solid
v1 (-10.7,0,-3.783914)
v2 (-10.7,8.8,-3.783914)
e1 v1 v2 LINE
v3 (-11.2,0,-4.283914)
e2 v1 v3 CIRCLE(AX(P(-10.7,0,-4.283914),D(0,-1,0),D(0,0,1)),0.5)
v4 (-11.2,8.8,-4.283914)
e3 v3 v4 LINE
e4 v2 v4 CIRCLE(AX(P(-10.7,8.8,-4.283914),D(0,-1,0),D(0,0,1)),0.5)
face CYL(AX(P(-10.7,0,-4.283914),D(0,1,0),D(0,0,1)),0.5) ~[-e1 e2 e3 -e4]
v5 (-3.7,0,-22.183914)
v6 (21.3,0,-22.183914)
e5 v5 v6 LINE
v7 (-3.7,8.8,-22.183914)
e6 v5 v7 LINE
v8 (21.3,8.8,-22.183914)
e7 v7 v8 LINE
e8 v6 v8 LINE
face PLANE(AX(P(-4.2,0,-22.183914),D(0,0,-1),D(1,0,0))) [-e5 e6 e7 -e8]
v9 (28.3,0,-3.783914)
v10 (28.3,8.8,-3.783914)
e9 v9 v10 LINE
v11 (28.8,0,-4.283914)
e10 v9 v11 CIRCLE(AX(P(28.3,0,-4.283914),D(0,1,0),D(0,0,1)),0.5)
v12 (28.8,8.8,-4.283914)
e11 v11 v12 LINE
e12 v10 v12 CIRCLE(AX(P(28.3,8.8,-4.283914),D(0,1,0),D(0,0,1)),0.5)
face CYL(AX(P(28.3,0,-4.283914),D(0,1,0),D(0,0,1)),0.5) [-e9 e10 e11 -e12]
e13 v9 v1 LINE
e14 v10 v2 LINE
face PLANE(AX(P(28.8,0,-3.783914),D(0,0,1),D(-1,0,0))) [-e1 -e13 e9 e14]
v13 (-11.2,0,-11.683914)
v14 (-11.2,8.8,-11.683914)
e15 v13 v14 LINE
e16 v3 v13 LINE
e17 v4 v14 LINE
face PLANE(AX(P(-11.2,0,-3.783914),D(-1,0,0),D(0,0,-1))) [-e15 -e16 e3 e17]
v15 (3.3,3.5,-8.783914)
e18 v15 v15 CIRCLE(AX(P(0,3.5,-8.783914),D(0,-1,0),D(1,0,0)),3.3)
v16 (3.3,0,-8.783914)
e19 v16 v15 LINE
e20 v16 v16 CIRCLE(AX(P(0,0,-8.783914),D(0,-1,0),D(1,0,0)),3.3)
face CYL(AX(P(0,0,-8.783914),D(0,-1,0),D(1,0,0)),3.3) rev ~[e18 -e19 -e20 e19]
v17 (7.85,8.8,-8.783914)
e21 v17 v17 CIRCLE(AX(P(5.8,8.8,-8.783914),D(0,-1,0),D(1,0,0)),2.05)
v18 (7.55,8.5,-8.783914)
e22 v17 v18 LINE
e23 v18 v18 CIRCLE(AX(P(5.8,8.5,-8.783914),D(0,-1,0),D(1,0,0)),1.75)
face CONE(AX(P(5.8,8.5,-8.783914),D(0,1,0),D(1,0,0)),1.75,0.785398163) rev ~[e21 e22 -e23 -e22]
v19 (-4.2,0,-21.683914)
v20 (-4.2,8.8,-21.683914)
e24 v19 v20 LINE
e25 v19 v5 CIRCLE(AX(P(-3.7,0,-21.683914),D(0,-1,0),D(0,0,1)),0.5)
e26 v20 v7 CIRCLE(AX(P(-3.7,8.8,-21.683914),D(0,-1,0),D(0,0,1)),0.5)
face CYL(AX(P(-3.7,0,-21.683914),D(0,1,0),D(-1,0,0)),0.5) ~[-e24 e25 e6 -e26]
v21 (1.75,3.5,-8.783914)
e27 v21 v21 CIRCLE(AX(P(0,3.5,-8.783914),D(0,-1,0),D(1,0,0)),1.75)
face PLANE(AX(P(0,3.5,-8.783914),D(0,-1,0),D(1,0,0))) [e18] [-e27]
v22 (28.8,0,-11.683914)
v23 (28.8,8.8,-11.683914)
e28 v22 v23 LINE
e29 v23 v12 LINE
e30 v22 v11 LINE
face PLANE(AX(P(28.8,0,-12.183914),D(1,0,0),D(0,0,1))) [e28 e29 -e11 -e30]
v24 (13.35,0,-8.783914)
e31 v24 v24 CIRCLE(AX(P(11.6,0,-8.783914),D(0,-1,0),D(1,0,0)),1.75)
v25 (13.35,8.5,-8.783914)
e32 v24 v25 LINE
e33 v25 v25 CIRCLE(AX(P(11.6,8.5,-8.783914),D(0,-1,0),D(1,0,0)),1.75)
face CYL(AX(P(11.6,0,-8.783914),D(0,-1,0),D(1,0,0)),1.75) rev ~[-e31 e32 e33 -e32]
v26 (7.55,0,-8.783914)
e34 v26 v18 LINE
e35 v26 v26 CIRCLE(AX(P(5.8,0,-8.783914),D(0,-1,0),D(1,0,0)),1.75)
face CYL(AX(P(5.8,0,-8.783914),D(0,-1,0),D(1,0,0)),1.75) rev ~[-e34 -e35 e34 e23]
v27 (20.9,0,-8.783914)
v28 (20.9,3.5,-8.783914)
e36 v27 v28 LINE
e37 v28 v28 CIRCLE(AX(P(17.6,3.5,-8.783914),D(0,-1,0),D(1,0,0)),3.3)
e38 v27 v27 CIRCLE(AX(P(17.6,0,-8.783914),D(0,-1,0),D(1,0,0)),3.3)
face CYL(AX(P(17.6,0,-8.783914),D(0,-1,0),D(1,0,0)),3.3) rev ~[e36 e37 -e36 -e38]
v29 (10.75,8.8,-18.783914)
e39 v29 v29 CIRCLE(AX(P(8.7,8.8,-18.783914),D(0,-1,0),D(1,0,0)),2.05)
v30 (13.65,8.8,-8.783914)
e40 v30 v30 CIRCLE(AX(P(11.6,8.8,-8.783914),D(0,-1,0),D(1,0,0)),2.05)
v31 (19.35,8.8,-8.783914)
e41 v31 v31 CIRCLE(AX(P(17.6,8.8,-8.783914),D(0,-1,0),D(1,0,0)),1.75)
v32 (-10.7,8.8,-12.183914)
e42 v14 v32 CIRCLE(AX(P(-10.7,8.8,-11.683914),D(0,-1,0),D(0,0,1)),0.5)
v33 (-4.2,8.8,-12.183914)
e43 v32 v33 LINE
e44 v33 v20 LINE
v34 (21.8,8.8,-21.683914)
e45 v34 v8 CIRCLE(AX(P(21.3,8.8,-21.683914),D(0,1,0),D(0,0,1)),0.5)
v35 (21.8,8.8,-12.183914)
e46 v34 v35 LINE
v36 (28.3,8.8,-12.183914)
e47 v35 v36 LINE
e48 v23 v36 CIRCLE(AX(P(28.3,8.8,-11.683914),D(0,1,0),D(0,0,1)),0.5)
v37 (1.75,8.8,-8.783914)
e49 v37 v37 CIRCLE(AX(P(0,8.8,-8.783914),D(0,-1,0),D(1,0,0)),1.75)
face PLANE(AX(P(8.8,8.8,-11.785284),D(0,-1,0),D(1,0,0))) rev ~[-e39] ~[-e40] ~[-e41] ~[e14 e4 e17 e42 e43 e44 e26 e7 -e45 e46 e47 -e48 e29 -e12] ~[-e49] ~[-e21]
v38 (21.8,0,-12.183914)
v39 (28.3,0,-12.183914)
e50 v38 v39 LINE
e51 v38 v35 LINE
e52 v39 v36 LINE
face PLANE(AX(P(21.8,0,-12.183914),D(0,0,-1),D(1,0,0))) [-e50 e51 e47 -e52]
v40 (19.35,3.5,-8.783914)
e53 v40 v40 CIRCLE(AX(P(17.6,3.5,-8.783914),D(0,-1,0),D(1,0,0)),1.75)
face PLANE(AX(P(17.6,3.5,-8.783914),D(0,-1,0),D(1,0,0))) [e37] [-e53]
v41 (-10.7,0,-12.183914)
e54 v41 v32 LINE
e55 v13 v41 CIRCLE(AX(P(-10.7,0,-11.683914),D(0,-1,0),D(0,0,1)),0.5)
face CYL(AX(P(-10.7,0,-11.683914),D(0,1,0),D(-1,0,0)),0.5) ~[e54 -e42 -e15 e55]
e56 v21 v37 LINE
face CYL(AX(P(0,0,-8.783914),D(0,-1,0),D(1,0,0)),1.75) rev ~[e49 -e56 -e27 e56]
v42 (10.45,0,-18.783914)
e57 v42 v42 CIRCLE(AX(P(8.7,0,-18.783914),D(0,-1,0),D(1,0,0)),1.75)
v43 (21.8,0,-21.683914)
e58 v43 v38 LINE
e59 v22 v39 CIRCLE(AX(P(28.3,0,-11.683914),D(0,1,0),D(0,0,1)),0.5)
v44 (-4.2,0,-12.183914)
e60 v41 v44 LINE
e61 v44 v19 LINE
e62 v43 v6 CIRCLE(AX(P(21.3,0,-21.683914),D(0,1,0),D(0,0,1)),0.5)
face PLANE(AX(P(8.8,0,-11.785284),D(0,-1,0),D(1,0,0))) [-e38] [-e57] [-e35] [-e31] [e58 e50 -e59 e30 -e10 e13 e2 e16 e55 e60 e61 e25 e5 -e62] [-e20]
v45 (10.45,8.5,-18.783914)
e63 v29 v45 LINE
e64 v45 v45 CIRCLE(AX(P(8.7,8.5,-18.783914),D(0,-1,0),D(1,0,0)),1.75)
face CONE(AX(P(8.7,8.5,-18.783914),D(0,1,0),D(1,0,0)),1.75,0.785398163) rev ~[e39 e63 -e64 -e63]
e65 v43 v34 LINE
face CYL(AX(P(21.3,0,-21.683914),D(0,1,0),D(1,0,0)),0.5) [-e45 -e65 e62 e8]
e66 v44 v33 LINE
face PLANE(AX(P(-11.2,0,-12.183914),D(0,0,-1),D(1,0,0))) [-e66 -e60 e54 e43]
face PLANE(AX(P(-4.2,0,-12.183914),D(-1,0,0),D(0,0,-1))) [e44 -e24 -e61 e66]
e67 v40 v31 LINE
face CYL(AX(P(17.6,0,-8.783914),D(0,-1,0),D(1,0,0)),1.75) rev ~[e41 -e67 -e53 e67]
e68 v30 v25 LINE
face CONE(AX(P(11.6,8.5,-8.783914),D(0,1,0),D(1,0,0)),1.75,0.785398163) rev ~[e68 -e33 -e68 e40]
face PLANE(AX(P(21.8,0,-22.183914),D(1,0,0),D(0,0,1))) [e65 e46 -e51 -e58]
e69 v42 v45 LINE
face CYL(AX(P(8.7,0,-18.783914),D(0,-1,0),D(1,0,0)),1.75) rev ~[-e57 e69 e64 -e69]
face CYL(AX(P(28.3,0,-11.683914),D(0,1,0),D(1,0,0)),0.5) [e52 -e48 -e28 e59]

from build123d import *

# Parameters (mm, degrees)
F0_R     = 1.95
F0_R_2   = 3.3
F0_R_3   = 1.75
F1_DEPTH = 8.8
F2_DEPTH = 3.5
F3_DEPTH = 3.5
F4_SIZE  = 0.3
F5_R     = 0.5


with BuildPart() as f1:
    # F0 (on Front) → F1 (new body)
    with BuildSketch(Plane.XZ):
        Polygon((28.8, -3.783914), (-11.2, -3.783914), (-11.2, -12.183914), (-4.2, -12.183914), (-4.2, -22.183914), (21.8, -22.183914), (21.8, -12.183914), (28.8, -12.183914), align=None)
        with Locations((8.7, -18.783914)):
            Circle(F0_R, mode=Mode.SUBTRACT)
        with Locations((0, -8.783914)):
            Circle(F0_R_2, mode=Mode.SUBTRACT)
        with Locations((5.8, -8.783914)):
            Circle(F0_R, mode=Mode.SUBTRACT)
        with Locations((11.6, -8.783914)):
            Circle(F0_R, mode=Mode.SUBTRACT)
        with Locations((17.6, -8.783914)):
            Circle(F0_R_2, mode=Mode.SUBTRACT)
        with Locations((0, -8.783914)):
            Circle(F0_R_2)
        with Locations((0, -8.783914)):
            Circle(F0_R_3, mode=Mode.SUBTRACT)
        with Locations((17.6, -8.783914)):
            Circle(F0_R_2)
        with Locations((17.6, -8.783914)):
            Circle(F0_R_3, mode=Mode.SUBTRACT)
        with Locations((11.6, -8.783914)):
            Circle(F0_R)
        with Locations((11.6, -8.783914)):
            Circle(F0_R_3, mode=Mode.SUBTRACT)
        with Locations((5.8, -8.783914)):
            Circle(F0_R)
        with Locations((5.8, -8.783914)):
            Circle(F0_R_3, mode=Mode.SUBTRACT)
        with Locations((8.7, -18.783914)):
            Circle(F0_R)
        with Locations((8.7, -18.783914)):
            Circle(F0_R_3, mode=Mode.SUBTRACT)
    extrude(amount=-F1_DEPTH)

    # F0 (on Front) → F2 (cut)
    with BuildSketch(Plane.XZ):
        with Locations((17.6, -8.783914)):
            Circle(F0_R_2)
        with Locations((17.6, -8.783914)):
            Circle(F0_R_3, mode=Mode.SUBTRACT)
    extrude(amount=-F2_DEPTH, mode=Mode.SUBTRACT)

    # F0 (on Front) → F3 (cut)
    with BuildSketch(Plane.XZ):
        with Locations((0, -8.783914)):
            Circle(F0_R_2)
        with Locations((0, -8.783914)):
            Circle(F0_R_3, mode=Mode.SUBTRACT)
    extrude(amount=-F3_DEPTH, mode=Mode.SUBTRACT)

    # F4
    f4_edges = [f1.edges().sort_by_distance(p)[0] for p in [
        (9.85, 8.8, -8.783914),
        (4.05, 8.8, -8.783914),
        (6.95, 8.8, -18.783914),
    ]]
    chamfer(f4_edges, length=F4_SIZE)

    # F5
    f5_edges = [f1.edges().sort_by_distance(p)[0] for p in [
        (-11.2, 4.4, -3.783914),
        (-11.2, 4.4, -12.183914),
        (-4.2, 4.4, -22.183914),
        (28.8, 4.4, -12.183914),
        (28.8, 4.4, -3.783914),
        (21.8, 4.4, -22.183914),
    ]]
    fillet(f5_edges, radius=F5_R)


solid = f1.part
